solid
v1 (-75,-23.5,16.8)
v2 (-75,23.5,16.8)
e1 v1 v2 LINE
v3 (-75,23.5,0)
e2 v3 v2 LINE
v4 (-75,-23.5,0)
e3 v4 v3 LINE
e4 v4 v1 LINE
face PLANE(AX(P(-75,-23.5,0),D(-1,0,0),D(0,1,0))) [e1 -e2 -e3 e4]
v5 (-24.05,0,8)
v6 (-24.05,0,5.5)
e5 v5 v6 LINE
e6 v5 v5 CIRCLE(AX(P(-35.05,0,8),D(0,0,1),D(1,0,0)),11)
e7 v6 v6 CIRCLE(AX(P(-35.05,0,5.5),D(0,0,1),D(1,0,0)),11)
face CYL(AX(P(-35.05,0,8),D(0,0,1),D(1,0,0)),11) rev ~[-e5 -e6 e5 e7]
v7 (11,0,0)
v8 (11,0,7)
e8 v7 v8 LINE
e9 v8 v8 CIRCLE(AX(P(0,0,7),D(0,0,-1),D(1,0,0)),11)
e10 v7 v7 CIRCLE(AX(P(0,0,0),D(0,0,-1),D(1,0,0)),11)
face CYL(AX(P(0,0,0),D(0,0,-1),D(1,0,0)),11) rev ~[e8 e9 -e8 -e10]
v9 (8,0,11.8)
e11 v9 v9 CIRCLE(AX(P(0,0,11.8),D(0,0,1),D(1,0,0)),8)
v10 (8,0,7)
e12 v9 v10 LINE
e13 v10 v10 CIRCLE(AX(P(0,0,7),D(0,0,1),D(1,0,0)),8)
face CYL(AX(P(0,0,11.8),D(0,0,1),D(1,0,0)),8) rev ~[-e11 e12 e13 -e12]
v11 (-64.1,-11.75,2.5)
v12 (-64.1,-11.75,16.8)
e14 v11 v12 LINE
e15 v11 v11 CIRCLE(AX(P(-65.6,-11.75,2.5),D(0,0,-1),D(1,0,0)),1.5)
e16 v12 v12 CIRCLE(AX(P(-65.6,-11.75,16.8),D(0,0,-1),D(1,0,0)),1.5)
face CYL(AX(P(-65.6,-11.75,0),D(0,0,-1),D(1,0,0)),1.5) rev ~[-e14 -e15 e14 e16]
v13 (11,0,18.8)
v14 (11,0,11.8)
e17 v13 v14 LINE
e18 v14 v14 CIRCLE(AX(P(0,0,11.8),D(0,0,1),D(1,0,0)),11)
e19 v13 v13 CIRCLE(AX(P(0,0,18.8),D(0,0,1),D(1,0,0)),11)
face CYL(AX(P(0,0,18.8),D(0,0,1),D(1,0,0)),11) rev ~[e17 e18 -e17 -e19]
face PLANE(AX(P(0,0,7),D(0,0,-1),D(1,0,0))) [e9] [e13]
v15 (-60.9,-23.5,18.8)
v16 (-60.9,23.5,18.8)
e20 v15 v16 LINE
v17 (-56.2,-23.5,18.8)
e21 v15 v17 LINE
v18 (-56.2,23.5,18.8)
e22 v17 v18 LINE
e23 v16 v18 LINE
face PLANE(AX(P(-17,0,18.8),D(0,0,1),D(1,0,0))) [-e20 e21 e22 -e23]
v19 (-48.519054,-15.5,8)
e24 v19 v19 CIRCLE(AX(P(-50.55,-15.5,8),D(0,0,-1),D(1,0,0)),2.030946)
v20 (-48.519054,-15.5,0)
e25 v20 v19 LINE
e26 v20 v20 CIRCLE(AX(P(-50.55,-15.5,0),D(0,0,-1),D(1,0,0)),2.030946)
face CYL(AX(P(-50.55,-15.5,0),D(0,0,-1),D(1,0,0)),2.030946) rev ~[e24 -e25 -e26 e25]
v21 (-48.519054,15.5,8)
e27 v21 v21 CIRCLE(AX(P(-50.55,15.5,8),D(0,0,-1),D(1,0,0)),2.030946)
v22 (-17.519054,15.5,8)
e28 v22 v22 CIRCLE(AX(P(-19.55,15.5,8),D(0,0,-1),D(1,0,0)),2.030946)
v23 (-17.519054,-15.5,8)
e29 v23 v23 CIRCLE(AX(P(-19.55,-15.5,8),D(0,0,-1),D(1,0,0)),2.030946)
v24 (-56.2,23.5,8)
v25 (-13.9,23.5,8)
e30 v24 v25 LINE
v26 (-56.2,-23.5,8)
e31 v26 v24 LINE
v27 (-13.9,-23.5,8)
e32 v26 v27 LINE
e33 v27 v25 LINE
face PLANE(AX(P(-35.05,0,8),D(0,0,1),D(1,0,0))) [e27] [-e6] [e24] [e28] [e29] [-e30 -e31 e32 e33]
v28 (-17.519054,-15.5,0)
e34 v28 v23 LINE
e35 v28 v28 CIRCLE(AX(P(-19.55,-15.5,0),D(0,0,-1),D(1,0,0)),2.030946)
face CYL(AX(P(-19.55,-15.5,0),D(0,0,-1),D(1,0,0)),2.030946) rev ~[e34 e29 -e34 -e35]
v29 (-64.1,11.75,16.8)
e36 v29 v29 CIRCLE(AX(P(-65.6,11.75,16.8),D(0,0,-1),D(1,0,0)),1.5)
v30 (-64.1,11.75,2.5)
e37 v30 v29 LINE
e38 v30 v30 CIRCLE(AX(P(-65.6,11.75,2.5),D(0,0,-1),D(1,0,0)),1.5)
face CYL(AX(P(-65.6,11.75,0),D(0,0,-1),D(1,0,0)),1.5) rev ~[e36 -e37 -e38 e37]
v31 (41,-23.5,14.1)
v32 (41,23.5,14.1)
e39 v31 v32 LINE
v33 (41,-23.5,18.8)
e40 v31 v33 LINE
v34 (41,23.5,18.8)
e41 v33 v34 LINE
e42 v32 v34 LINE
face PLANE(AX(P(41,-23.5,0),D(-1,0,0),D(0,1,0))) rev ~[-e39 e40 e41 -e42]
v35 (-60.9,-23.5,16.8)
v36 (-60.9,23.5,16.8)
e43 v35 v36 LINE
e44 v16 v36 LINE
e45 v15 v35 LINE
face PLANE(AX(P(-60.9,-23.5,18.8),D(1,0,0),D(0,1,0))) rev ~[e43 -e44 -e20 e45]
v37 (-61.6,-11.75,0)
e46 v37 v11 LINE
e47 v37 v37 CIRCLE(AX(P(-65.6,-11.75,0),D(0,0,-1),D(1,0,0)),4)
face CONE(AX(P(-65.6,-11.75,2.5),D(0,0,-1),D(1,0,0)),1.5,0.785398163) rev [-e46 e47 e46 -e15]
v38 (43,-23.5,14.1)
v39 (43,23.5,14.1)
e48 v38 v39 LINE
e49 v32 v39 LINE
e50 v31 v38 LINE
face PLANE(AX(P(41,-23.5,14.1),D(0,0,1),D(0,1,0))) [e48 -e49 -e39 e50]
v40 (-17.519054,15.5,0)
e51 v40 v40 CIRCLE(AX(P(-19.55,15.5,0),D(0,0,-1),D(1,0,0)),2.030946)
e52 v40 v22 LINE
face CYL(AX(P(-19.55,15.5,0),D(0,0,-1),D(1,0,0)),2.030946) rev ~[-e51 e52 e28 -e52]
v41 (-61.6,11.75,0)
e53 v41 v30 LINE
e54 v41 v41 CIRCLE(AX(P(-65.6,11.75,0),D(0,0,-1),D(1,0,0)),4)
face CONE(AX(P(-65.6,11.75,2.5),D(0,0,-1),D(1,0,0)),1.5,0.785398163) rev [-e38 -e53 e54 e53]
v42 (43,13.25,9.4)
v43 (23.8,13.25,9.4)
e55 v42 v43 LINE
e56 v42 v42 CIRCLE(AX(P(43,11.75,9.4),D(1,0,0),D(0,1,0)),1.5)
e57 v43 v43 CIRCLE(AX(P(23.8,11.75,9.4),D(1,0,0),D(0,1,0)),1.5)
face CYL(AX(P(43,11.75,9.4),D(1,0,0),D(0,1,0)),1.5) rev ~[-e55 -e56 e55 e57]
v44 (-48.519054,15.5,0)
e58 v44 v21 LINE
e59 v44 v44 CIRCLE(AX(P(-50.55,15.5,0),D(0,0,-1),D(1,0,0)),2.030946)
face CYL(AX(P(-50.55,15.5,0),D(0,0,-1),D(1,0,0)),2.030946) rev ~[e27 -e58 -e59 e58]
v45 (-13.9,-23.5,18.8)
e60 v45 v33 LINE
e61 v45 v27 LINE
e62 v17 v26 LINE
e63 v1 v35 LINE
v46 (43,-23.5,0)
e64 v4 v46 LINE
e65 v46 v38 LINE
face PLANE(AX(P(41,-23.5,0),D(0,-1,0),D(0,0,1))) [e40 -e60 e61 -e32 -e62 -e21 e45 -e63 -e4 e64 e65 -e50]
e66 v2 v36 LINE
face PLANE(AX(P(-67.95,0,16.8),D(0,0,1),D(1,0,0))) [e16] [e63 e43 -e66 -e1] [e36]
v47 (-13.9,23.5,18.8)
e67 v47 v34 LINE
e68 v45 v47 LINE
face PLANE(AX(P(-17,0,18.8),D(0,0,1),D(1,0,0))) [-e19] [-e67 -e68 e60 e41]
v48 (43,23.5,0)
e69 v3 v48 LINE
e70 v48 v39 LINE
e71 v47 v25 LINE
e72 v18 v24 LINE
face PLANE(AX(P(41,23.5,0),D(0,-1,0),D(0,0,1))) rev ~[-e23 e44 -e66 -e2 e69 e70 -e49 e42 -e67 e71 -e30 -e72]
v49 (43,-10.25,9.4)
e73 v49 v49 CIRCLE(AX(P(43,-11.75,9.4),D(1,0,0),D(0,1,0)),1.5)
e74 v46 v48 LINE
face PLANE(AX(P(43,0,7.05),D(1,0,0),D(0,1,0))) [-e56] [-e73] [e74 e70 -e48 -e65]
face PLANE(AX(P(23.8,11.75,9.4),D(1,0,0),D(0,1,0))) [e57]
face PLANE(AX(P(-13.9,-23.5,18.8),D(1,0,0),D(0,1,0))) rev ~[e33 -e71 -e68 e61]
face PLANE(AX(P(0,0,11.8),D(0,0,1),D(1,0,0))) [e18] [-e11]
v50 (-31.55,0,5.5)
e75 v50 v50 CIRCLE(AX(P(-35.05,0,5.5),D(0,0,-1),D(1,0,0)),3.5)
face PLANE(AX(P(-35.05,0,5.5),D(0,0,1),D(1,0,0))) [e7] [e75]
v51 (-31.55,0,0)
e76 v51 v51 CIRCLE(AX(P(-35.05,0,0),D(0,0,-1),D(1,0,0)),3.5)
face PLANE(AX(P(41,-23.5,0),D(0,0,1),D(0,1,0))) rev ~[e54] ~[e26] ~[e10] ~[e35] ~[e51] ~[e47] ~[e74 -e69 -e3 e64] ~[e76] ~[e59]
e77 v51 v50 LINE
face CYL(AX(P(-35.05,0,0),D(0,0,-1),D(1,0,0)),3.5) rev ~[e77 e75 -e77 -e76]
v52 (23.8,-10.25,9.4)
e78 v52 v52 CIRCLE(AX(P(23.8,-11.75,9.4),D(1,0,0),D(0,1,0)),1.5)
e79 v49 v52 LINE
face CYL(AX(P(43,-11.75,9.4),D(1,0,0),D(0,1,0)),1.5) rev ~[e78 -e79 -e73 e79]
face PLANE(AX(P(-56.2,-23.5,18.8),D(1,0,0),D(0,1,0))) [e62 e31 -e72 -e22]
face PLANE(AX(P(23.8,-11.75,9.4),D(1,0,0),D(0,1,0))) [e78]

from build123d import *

# Parameters (mm, degrees)
SKETCH_W        = 116
SKETCH_H        = 47
PAD_DEPTH       = 18.8
SKETCH001_R     = 4
POCKET_DEPTH    = 18.8
SKETCH029_W     = 47
SKETCH029_H     = 14.1
PAD015_DEPTH    = 2
SKETCH031_R     = 2.030946
POCKET012_DEPTH = 18.8
SKETCH032_W     = 42.3
SKETCH032_H     = 47
POCKET013_DEPTH = 10.8
SKETCH033_R     = 11
POCKET014_DEPTH = 2.5
SKETCH034_R     = 3.5
POCKET015_DEPTH = 18.801
SKETCH035_W     = 14.1
SKETCH035_H     = 47
POCKET016_DEPTH = 2
SKETCH038_R     = 11
POCKET017_DEPTH = 7
SKETCH039_R     = 11
POCKET018_DEPTH = 7
SKETCH040_R     = 8
POCKET019_DEPTH = 11.801
SKETCH072_R     = 1.5
POCKET027_DEPTH = 18.801
CHAMFER002_SIZE = 2.5
SKETCH075_R     = 1.5
POCKET030_DEPTH = 19.2


with BuildPart() as part:
    # Sketch → Pad (new body)
    with BuildSketch(Plane.XY):
        with Locations((-17, 0)):
            Rectangle(SKETCH_W, SKETCH_H)
    extrude(amount=PAD_DEPTH)

    # Sketch001 (on Face6 of Pad) → Pocket (cut)
    with BuildSketch(Plane.XY.offset(18.8)):
        Circle(SKETCH001_R)
    extrude(amount=-POCKET_DEPTH, mode=Mode.SUBTRACT)

    # Sketch029 (on Face2 of Pad) → Pad015 (join)
    with BuildSketch(Plane.YZ.offset(41)):
        with Locations((0, 7.05)):
            Rectangle(SKETCH029_W, SKETCH029_H)
    extrude(amount=PAD015_DEPTH)

    # Sketch031 (on Face4 of Pad015) → Pocket012 (cut)
    with BuildSketch(Plane(origin=(0, 0, 0), x_dir=(1, 0, 0), z_dir=(0, 0, -1))):
        with Locations((-50.55, 15.5)):
            Circle(SKETCH031_R)
        with Locations((-19.55, 15.5)):
            Circle(SKETCH031_R)
        with Locations((-50.55, -15.5)):
            Circle(SKETCH031_R)
        with Locations((-19.55, -15.5)):
            Circle(SKETCH031_R)
    extrude(amount=-POCKET012_DEPTH, mode=Mode.SUBTRACT)

    # Sketch032 (on Face5 of Pocket012) → Pocket013 (cut)
    with BuildSketch(Plane.XY.offset(18.8)):
        with Locations((-35.05, 0)):
            Rectangle(SKETCH032_W, SKETCH032_H)
    extrude(amount=-POCKET013_DEPTH, mode=Mode.SUBTRACT)

    # Sketch033 (on Face7 of Pocket013) → Pocket014 (cut)
    with BuildSketch(Plane.XY.offset(8)):
        with Locations((-35.05, 0)):
            Circle(SKETCH033_R)
    extrude(amount=-POCKET014_DEPTH, mode=Mode.SUBTRACT)

    # Sketch034 (on Face4 of Pocket014) → Pocket015 (cut, through all)
    with BuildSketch(Plane(origin=(0, 0, 0), x_dir=(1, 0, 0), z_dir=(0, 0, -1))):
        with Locations((-35.05, 0)):
            Circle(SKETCH034_R)
    extrude(amount=-POCKET015_DEPTH, mode=Mode.SUBTRACT)

    # Sketch035 (on Face5 of Pocket015) → Pocket016 (cut)
    with BuildSketch(Plane.XY.offset(18.8)):
        with Locations((-67.95, 0)):
            Rectangle(SKETCH035_W, SKETCH035_H)
    extrude(amount=-POCKET016_DEPTH, mode=Mode.SUBTRACT)

    # Sketch038 (on Face15 of Pocket016) → Pocket017 (cut)
    with BuildSketch(Plane.XY.offset(18.8)):
        Circle(SKETCH038_R)
    extrude(amount=-POCKET017_DEPTH, mode=Mode.SUBTRACT)

    # Sketch039 (on Face2 of Pocket017) → Pocket018 (cut)
    with BuildSketch(Plane(origin=(0, 0, 0), x_dir=(1, 0, 0), z_dir=(0, 0, -1))):
        Circle(SKETCH039_R)
    extrude(amount=-POCKET018_DEPTH, mode=Mode.SUBTRACT)

    # Sketch040 (on Face29 of Pocket018) → Pocket019 (cut, through all)
    with BuildSketch(Plane.XY.offset(11.8)):
        Circle(SKETCH040_R)
    extrude(amount=-POCKET019_DEPTH, mode=Mode.SUBTRACT)

    # Sketch072 (on Face2 of Pocket019) → Pocket027 (cut, through all)
    with BuildSketch(Plane(origin=(0, 0, 0), x_dir=(1, 0, 0), z_dir=(0, 0, -1))):
        with Locations((-65.6, 11.75)):
            Circle(SKETCH072_R)
        with Locations((-65.6, -11.75)):
            Circle(SKETCH072_R)
    extrude(amount=-POCKET027_DEPTH, mode=Mode.SUBTRACT)

    # Chamfer002
    chamfer002_edges = [part.edges().sort_by_distance(p)[0] for p in [
        (-67.1, -11.75, 0),
        (-67.1, 11.75, 0),
    ]]
    chamfer(chamfer002_edges, length=CHAMFER002_SIZE)

    # Sketch075 (on Face24 of Chamfer002) → Pocket030 (cut)
    with BuildSketch(Plane.YZ.offset(43)):
        with Locations((-11.75, 9.4)):
            Circle(SKETCH075_R)
        with Locations((11.75, 9.4)):
            Circle(SKETCH075_R)
    extrude(amount=-POCKET030_DEPTH, mode=Mode.SUBTRACT)


solid = part.part
